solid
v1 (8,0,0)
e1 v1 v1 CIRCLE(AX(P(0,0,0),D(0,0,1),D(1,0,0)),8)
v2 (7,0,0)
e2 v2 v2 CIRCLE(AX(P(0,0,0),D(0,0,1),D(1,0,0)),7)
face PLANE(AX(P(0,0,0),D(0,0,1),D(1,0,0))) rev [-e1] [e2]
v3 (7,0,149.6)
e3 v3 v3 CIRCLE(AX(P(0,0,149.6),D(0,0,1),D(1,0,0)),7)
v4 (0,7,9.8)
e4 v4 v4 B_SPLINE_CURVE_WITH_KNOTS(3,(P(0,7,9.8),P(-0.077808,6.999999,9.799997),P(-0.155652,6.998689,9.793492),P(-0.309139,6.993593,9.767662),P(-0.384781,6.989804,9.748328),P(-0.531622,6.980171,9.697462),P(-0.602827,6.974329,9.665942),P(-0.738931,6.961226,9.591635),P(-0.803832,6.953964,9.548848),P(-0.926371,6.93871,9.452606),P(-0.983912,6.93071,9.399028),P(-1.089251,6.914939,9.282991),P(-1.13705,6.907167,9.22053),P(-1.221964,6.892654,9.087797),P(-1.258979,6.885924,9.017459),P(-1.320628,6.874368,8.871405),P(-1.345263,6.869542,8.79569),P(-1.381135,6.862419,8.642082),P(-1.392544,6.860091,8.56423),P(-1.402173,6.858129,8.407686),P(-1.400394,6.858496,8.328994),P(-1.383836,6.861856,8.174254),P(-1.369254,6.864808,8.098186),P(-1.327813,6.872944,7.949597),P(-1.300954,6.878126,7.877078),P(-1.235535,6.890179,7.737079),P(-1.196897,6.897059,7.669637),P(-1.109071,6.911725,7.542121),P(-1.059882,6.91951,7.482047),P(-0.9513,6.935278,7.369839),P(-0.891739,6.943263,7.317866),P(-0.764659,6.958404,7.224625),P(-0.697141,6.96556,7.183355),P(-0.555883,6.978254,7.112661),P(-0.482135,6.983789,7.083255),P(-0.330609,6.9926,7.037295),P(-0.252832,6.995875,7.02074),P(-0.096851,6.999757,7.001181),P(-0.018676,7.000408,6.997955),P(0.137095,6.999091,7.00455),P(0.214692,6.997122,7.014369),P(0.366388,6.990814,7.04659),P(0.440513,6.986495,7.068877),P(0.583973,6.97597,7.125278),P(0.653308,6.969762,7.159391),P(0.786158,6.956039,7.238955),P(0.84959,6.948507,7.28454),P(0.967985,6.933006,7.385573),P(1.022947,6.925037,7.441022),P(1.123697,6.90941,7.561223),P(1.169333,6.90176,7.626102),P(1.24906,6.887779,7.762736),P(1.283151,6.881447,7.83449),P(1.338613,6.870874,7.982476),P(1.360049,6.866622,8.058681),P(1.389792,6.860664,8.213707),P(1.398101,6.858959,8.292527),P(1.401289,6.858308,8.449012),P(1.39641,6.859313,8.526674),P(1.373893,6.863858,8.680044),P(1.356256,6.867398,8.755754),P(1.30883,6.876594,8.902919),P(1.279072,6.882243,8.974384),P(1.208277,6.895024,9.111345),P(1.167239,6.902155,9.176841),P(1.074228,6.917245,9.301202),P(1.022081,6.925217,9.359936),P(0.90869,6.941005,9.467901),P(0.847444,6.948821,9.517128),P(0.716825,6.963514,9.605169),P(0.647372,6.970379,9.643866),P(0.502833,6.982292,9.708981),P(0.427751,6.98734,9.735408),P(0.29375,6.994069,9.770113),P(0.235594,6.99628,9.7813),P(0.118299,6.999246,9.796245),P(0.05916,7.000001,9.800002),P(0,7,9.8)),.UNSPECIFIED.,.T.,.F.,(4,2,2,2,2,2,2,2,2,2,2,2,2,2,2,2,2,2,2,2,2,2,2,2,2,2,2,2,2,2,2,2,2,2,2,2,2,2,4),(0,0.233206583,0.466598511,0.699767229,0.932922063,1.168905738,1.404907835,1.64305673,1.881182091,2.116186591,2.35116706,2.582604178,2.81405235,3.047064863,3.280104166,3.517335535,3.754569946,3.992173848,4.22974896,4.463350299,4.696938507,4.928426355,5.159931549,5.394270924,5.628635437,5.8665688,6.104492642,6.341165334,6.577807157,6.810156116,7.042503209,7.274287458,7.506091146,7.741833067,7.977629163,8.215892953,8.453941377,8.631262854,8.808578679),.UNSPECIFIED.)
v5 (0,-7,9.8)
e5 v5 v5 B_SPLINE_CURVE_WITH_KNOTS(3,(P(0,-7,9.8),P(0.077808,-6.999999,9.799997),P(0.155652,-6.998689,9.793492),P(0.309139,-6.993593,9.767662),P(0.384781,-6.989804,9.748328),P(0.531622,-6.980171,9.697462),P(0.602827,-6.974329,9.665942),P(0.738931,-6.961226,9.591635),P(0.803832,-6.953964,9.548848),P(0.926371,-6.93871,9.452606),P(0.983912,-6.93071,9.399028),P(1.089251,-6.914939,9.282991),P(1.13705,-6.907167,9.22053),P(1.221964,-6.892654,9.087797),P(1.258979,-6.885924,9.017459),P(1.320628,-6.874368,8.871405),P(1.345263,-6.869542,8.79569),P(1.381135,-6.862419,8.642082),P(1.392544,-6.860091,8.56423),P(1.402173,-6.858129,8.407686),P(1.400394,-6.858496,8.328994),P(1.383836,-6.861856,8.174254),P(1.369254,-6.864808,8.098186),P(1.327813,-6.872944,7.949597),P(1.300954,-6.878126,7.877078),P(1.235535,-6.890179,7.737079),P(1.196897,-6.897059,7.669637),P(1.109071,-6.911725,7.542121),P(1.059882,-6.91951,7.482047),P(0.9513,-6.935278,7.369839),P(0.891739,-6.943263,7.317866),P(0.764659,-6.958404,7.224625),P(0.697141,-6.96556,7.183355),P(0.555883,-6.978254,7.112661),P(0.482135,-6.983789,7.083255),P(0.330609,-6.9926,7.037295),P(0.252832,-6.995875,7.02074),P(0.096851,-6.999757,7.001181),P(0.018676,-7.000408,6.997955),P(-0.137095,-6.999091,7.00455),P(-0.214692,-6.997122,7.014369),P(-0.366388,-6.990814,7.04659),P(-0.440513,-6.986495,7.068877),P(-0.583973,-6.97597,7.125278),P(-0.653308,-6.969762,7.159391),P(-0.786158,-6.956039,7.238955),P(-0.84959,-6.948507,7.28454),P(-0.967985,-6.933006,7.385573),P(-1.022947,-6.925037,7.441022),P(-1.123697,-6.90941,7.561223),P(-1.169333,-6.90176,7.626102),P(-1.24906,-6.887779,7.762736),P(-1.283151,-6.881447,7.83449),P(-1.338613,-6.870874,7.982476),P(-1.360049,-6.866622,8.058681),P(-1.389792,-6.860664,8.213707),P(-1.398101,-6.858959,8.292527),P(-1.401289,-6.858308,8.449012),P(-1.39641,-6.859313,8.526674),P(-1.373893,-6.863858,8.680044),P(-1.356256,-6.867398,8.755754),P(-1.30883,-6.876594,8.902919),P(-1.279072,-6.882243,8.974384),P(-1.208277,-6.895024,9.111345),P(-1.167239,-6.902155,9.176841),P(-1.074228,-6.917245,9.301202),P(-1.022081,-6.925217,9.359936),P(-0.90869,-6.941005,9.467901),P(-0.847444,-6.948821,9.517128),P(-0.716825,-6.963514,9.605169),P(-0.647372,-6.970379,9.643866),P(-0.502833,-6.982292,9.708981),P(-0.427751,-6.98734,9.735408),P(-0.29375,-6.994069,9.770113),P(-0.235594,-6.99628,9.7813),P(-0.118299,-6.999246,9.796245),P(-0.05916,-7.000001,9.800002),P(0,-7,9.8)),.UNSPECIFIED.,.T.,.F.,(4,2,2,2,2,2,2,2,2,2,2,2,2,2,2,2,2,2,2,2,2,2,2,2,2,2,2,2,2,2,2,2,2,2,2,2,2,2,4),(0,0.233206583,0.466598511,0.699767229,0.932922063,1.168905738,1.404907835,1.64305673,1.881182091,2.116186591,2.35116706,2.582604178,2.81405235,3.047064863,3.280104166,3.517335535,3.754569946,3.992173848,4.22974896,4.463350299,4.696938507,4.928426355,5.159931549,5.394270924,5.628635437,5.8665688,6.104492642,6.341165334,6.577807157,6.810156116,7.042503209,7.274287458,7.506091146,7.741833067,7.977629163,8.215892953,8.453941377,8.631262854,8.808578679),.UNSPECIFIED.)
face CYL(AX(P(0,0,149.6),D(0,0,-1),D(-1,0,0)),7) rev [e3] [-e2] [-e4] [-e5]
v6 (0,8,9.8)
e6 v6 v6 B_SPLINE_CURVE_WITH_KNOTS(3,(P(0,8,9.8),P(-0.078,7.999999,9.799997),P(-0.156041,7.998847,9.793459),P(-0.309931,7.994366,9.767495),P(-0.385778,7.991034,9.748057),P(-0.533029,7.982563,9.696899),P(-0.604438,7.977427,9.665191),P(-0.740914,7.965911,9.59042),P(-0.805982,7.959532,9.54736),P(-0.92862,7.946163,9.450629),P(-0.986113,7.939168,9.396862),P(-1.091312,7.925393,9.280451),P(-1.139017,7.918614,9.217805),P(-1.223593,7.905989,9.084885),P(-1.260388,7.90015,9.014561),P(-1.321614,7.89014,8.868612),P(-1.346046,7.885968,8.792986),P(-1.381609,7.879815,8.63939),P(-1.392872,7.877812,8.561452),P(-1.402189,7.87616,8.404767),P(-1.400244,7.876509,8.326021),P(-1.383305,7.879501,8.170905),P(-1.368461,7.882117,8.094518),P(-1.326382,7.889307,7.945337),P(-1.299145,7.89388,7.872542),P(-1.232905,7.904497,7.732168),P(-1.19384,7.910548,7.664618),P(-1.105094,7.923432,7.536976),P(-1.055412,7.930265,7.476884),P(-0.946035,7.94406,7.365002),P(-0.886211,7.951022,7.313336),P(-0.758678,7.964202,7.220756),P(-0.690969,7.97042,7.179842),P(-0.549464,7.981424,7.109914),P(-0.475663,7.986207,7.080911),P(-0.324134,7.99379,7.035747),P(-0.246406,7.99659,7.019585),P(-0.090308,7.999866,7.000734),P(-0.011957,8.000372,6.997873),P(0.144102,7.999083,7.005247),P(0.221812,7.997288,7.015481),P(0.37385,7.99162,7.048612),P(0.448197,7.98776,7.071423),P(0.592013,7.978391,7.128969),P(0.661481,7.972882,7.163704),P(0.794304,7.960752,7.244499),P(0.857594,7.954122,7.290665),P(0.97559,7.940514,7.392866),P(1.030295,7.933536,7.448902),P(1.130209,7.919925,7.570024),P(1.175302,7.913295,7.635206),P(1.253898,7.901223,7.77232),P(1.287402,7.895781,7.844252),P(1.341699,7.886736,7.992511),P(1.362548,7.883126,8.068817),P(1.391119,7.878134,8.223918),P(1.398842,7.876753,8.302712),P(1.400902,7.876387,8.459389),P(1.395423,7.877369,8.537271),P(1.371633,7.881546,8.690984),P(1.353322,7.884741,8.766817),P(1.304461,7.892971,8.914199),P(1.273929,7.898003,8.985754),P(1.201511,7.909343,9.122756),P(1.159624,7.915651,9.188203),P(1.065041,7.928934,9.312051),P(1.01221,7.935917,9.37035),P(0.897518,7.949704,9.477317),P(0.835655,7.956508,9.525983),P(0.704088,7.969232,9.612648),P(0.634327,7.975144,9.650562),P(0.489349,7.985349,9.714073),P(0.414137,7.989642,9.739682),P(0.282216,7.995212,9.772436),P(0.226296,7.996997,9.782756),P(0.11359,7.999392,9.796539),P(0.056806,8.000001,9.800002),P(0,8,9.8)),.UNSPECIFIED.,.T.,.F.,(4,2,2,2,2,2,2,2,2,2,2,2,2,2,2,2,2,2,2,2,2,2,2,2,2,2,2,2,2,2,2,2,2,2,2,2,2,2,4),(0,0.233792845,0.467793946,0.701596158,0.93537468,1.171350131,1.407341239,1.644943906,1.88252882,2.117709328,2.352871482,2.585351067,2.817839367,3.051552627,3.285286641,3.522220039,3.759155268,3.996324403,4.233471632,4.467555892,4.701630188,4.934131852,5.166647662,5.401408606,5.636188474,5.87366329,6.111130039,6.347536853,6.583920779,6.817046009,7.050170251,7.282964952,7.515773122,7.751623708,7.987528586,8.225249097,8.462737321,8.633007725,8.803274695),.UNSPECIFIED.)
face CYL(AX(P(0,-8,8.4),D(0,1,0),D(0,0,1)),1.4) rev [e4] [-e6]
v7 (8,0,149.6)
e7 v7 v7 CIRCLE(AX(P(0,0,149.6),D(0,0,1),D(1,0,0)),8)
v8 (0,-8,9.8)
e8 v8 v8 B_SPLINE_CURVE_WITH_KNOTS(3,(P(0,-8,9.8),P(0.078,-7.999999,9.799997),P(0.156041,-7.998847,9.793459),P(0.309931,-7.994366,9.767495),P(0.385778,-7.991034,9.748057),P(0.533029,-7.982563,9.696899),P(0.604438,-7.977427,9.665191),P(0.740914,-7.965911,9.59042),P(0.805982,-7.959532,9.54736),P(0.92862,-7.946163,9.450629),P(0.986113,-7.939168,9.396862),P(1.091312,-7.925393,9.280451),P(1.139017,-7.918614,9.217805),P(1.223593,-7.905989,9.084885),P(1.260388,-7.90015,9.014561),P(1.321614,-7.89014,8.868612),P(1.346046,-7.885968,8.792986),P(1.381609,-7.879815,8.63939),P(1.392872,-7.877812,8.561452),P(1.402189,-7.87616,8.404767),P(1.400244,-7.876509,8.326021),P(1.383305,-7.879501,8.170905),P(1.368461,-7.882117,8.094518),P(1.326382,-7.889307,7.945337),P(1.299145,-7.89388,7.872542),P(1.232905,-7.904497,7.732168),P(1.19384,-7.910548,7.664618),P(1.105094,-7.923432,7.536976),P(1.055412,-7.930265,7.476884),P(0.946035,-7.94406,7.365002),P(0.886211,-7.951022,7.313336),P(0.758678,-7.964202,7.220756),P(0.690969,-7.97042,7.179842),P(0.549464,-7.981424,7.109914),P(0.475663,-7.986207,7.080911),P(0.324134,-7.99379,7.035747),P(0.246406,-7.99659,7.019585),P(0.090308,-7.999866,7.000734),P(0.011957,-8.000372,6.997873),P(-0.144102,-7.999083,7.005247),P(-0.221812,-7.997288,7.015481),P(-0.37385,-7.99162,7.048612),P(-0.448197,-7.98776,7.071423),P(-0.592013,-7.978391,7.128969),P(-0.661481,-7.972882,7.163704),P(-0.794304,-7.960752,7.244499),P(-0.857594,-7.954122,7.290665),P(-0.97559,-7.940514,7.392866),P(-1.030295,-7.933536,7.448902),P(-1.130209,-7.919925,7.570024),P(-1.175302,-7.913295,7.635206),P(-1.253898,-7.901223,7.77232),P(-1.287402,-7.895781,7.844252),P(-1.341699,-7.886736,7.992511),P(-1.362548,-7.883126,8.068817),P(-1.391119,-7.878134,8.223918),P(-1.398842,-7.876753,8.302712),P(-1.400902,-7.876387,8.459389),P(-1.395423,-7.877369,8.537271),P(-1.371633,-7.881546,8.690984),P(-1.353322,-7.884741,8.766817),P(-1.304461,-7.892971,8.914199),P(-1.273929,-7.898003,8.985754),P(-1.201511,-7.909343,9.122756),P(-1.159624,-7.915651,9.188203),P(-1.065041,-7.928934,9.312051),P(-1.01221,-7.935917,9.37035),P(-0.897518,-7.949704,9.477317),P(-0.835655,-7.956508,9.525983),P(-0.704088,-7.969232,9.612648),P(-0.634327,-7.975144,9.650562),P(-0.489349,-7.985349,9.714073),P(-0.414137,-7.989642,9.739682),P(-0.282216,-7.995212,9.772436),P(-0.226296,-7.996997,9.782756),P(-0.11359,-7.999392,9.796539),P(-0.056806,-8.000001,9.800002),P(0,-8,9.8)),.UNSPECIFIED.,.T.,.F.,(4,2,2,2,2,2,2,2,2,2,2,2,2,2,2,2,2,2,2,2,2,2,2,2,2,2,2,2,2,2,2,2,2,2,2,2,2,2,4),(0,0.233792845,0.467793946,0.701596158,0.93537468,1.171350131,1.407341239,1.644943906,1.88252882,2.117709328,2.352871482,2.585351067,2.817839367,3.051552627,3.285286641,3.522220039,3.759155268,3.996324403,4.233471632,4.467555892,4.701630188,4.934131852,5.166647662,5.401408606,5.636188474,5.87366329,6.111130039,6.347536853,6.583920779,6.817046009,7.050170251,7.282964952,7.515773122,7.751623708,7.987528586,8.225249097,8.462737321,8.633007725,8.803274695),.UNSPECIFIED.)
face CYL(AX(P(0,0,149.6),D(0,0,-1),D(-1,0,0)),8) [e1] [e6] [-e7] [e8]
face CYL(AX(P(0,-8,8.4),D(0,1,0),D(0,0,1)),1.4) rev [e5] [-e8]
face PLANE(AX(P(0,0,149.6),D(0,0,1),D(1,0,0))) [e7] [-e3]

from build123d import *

# Parameters (mm, degrees)
SKETCH_1_R               = 8
SKETCH_1_R_2             = 7
EXTRUDE_1_DEPTH          = 149.6
SKETCH_2_R               = 1.4
CUT_EXTRUDE_1_DEPTH      = 9
CUT_EXTRUDE_1_DEPTH_BACK = 9


with BuildPart() as part:
    # 草圖1 → 填料-伸長1 (new body)
    with BuildSketch(Plane.XY):
        Circle(SKETCH_1_R)
        Circle(SKETCH_1_R_2, mode=Mode.SUBTRACT)
    extrude(amount=EXTRUDE_1_DEPTH)

    # 草圖2 → 除料-伸長1 (cut, two sides)
    with BuildSketch(Plane(origin=(0, 0, 0), x_dir=(1, 0, 0), z_dir=(0, 1, 0))) as cut_extrude_1_sk:
        with Locations((0, -8.4)):
            Circle(SKETCH_2_R)
    extrude(amount=CUT_EXTRUDE_1_DEPTH, mode=Mode.SUBTRACT)
    extrude(cut_extrude_1_sk.sketch, amount=-CUT_EXTRUDE_1_DEPTH_BACK, mode=Mode.SUBTRACT)


solid = part.part
